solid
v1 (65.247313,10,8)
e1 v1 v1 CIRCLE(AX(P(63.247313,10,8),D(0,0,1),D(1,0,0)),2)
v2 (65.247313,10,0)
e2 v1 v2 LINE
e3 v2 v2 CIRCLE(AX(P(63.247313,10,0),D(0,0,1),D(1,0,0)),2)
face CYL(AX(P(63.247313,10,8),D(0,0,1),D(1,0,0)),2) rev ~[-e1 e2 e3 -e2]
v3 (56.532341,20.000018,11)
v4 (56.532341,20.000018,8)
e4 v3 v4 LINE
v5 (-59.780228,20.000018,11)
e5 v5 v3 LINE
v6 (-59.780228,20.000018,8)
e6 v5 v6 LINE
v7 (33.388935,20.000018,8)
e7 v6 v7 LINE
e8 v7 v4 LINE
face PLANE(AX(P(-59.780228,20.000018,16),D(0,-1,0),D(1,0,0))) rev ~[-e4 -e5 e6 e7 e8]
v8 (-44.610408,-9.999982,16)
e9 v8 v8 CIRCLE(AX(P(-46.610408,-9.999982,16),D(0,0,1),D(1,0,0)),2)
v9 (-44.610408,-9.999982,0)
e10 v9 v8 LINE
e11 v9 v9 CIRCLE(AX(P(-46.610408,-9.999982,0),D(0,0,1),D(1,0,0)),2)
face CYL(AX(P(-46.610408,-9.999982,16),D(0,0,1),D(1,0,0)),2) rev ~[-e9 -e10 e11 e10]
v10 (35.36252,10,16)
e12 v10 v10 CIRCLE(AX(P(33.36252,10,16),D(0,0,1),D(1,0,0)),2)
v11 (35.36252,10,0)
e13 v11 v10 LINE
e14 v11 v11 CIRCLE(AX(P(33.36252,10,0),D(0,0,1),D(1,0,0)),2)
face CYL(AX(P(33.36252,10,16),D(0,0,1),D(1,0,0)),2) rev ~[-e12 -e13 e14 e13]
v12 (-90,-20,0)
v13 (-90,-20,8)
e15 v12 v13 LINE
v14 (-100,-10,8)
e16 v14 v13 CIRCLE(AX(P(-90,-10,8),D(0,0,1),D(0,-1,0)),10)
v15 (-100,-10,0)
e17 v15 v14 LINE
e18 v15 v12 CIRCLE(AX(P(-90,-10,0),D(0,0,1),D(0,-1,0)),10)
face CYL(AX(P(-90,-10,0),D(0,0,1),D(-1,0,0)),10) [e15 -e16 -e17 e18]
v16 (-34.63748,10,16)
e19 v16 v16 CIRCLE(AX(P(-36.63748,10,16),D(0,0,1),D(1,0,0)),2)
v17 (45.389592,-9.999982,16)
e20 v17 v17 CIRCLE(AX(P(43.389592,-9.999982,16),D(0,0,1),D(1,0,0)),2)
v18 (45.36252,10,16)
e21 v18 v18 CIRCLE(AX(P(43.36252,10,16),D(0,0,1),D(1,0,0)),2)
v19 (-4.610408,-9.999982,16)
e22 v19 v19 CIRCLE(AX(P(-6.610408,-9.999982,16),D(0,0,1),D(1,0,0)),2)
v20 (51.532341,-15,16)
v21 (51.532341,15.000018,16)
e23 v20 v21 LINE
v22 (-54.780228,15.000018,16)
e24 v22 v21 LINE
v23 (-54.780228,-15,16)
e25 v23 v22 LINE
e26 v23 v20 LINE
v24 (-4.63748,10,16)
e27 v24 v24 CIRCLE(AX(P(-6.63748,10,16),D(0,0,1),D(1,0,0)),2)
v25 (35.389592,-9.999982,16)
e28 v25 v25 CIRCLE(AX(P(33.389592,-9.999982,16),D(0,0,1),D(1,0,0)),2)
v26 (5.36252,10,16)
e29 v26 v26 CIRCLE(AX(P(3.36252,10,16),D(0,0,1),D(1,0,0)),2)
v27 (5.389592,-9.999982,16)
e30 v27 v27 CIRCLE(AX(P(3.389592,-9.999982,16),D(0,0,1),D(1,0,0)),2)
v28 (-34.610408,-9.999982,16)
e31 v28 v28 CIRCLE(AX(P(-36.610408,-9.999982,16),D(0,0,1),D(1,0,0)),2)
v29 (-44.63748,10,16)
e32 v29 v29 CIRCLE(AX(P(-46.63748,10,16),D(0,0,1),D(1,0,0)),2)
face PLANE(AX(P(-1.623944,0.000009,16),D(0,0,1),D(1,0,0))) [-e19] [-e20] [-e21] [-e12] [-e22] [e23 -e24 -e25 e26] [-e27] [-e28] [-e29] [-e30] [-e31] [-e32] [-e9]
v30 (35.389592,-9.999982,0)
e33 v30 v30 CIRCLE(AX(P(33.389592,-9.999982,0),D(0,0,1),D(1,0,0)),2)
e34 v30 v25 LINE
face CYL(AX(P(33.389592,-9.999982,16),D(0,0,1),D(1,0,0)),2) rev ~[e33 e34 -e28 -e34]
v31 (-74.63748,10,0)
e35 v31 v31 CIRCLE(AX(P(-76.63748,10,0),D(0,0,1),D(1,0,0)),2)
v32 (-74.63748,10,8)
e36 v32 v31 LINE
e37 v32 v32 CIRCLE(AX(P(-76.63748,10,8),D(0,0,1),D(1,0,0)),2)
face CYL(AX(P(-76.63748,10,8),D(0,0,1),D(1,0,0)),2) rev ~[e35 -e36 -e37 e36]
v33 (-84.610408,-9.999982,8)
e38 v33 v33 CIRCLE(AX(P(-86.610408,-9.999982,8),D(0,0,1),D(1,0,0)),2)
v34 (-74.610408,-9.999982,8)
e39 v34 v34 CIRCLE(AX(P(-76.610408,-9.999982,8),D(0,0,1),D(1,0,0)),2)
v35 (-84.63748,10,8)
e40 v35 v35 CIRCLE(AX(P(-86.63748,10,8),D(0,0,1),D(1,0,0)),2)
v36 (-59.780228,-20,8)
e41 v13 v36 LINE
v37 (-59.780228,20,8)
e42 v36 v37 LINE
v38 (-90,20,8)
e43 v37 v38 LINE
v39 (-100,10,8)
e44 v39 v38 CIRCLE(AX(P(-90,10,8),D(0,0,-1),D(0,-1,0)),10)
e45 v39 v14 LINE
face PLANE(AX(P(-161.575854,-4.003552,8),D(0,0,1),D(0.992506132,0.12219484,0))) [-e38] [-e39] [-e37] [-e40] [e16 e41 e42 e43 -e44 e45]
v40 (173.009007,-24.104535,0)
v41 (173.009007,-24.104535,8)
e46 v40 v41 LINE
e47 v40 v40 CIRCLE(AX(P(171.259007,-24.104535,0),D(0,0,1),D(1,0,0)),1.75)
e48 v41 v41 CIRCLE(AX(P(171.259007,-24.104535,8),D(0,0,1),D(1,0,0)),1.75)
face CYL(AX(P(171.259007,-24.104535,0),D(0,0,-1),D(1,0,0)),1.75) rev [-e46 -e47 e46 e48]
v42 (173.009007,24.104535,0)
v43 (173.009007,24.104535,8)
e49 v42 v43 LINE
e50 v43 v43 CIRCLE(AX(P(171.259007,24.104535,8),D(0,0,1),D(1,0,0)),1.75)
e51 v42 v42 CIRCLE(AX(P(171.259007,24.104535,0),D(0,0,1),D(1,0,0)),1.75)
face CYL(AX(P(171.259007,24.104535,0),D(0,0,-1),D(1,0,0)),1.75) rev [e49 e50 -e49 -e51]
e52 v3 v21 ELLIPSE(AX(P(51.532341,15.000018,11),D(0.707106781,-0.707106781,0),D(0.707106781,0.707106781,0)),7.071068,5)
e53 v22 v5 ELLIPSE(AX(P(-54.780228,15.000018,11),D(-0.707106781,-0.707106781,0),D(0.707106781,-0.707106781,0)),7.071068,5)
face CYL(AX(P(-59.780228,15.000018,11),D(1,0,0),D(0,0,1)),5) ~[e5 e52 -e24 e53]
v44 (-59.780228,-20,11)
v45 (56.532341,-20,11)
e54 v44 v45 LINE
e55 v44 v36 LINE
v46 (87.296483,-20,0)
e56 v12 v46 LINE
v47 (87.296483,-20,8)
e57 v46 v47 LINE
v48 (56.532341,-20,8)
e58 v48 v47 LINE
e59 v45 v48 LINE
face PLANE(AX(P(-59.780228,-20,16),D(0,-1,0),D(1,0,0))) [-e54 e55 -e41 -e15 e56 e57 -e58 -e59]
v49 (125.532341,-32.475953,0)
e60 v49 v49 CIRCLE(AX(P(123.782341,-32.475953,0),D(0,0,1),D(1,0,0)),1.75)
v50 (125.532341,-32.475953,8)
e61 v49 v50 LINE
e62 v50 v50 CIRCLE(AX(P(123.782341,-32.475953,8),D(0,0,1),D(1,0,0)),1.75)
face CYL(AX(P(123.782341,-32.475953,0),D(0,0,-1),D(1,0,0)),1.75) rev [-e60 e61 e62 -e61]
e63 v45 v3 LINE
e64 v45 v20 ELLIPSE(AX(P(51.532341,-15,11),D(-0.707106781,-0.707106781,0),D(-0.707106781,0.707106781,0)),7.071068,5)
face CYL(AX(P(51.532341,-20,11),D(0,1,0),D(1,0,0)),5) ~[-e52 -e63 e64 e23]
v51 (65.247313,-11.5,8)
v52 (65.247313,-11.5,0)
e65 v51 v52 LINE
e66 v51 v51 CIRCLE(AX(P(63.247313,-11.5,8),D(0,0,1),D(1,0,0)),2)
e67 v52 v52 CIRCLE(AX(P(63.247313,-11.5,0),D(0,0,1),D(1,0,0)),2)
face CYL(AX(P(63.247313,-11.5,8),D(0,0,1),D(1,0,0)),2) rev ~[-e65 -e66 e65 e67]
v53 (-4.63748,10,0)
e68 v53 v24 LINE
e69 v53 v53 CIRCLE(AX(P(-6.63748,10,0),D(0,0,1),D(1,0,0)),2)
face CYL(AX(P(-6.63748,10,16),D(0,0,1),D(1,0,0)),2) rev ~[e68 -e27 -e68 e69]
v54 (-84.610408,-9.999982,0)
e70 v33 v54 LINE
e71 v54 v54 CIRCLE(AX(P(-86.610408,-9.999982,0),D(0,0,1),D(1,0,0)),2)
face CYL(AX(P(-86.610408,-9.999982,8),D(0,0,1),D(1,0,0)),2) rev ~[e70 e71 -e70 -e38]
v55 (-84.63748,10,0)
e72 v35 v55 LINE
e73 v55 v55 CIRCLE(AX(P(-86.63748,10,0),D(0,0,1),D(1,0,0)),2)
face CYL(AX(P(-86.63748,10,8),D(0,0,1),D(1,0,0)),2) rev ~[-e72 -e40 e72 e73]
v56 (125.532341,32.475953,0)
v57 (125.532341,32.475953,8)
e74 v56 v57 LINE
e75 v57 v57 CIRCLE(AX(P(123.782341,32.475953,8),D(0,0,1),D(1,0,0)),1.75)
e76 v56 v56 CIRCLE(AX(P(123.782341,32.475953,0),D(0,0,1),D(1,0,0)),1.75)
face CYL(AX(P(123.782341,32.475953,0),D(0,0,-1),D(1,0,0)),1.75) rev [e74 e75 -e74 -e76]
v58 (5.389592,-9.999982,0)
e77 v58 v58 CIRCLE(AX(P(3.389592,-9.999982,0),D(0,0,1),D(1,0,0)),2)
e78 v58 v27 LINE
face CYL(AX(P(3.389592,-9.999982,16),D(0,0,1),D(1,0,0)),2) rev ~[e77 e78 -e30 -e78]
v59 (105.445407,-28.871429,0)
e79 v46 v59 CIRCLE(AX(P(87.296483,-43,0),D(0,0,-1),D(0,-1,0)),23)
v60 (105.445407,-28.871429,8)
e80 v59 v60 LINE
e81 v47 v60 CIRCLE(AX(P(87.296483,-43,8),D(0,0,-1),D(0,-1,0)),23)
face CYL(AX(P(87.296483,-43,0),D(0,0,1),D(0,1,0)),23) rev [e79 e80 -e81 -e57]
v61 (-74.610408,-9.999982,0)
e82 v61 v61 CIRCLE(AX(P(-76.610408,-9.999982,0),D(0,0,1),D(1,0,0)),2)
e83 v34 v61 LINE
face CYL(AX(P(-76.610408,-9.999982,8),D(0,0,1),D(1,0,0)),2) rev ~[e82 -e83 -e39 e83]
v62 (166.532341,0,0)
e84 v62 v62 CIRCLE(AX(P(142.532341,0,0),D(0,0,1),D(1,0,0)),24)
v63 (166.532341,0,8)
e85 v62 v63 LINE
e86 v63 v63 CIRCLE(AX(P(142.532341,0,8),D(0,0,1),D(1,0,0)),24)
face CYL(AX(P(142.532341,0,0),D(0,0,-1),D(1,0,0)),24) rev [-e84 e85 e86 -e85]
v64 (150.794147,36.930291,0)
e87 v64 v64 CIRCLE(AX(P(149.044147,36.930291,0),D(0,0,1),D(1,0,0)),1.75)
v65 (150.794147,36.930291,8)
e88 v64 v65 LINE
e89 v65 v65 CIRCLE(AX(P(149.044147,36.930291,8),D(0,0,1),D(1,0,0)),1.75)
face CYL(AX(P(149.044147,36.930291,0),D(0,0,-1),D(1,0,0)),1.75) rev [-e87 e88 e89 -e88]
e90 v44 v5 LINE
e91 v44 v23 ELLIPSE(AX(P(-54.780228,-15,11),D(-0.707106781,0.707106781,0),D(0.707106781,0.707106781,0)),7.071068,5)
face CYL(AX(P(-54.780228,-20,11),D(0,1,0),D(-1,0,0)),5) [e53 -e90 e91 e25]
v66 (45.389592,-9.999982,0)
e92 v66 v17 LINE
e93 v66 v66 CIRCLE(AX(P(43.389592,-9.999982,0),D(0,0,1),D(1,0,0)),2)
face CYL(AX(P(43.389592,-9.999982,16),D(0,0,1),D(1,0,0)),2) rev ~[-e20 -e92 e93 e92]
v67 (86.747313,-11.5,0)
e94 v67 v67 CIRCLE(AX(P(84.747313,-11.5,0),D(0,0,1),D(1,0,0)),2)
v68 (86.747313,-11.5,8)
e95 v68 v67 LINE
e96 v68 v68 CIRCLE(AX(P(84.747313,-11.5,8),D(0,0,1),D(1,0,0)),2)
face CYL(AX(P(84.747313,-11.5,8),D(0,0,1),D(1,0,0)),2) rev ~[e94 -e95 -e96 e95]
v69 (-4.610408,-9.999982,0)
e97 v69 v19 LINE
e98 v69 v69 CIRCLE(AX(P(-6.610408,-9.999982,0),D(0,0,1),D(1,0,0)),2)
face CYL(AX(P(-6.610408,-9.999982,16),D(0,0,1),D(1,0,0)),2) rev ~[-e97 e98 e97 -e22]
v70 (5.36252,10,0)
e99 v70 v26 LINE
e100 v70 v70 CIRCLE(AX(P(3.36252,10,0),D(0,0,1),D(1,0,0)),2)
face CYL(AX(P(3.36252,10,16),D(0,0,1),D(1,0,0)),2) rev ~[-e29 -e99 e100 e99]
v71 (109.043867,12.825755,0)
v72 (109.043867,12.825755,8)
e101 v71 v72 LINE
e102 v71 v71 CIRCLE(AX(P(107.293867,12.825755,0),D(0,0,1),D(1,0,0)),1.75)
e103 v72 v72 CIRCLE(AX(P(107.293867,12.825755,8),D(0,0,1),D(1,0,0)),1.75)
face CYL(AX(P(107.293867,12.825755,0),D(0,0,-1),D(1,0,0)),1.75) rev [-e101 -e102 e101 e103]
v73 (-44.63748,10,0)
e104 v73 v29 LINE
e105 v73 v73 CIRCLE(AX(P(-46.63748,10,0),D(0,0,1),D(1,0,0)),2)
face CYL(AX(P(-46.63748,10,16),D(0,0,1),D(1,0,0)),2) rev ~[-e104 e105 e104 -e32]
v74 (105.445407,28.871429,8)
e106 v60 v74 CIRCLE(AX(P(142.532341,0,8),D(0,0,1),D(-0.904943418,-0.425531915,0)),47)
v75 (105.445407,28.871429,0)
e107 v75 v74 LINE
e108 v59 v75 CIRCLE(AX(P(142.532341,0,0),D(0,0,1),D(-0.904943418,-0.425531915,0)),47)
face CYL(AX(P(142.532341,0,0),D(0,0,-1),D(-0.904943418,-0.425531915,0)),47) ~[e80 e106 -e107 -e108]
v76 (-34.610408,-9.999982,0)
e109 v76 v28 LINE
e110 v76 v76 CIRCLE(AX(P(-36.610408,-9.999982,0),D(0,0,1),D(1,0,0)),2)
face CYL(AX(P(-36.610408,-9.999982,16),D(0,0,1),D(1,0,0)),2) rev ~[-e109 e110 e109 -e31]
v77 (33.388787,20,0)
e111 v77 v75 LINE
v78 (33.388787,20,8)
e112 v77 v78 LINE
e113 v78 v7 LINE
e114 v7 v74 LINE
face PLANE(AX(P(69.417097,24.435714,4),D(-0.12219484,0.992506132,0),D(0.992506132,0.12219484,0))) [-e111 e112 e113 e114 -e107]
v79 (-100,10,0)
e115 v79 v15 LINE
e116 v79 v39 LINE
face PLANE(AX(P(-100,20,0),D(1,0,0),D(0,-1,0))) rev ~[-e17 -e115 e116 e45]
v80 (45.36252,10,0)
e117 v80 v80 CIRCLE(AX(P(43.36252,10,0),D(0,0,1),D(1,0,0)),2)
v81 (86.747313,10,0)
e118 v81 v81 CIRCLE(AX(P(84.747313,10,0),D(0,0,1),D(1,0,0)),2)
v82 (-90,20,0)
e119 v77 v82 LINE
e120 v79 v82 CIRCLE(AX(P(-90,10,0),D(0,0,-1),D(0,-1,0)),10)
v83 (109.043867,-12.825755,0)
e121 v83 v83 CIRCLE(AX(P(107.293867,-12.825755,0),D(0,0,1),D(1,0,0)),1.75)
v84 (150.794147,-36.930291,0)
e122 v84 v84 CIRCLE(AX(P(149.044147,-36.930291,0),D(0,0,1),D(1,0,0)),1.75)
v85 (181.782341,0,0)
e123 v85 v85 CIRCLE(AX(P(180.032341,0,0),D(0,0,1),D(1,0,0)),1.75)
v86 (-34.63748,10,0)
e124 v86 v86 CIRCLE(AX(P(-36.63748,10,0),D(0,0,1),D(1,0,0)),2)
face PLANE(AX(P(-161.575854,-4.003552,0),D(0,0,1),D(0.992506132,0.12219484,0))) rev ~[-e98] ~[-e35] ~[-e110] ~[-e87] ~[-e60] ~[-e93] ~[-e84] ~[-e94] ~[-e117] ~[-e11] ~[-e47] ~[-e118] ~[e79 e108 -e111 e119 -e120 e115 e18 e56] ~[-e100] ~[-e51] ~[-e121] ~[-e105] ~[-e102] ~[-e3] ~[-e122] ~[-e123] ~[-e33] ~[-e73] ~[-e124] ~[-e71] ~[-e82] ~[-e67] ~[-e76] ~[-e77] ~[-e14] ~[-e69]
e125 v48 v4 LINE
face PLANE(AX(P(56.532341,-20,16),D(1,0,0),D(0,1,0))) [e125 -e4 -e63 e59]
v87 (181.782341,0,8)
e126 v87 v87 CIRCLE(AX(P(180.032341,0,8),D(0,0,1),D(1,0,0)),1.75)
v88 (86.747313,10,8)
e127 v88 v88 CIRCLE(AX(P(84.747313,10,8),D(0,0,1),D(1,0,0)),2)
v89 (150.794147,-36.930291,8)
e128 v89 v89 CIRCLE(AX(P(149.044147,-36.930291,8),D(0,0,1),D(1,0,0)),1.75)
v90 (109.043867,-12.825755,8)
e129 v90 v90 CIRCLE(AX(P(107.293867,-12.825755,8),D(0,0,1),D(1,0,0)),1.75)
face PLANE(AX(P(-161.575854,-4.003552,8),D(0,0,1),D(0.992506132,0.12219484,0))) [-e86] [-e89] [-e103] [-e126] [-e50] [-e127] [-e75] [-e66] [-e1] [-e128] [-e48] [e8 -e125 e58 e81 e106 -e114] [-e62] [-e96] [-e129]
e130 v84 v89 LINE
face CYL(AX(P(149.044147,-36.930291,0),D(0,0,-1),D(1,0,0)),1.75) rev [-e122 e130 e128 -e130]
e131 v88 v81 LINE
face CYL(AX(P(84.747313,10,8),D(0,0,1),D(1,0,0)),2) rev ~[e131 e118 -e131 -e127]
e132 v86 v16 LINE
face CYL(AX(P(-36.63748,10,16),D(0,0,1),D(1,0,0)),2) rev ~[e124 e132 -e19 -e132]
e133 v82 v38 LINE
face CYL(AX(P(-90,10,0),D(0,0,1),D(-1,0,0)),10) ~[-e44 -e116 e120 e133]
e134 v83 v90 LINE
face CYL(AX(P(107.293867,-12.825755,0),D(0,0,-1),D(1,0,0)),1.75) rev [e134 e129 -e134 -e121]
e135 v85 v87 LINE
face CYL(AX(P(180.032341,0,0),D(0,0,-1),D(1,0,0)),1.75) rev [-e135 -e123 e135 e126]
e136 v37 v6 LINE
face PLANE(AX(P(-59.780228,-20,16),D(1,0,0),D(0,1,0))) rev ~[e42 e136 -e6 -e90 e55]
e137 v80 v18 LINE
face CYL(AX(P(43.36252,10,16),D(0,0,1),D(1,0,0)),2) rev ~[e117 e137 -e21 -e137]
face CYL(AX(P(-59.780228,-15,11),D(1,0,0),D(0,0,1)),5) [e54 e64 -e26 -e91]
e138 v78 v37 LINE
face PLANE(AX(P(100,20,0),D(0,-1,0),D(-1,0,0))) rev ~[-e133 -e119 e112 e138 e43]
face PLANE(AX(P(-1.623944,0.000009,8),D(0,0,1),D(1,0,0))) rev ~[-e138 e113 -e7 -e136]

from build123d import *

# Parameters (mm, degrees)
SKETCH_1_R          = 24
SKETCH_1_R_2        = 1.75
EXTRUDE_1_DEPTH     = 8
FILLET_1_R          = 10
FILLET_3_R          = 10
FILLET_8_R          = 23
FILLET_9_R          = 23
SKETCH_3_R          = 2
CUT_EXTRUDE_1_DEPTH = 196.43671136
RIB_1_REACH         = 197.437
SKETCH_6_WALL_W     = 465.474103638
SKETCH_6_WALL_H     = 8
EXTRUDE_START       = 8
SKETCH_11_W         = 116.312569084
SKETCH_11_H         = 40.000018321
SKETCH_11_R         = 2
EXTRUDE_2_DEPTH     = 8
FILLET_11_R         = 5


with BuildPart() as part:
    # 草图1 → 凸台-拉伸1 (new body)
    with BuildSketch(Plane.XY):
        with BuildLine():
            Line((-100, -20), (100, -20))
            ThreePointArc((100, -20), (189.532340636, 0), (100, 20))
            Line((100, 20), (-100, 20))
            Line((-100, 20), (-100, -20))
        make_face()
        with Locations((142.532340636, 0)):
            Circle(SKETCH_1_R, mode=Mode.SUBTRACT)
        with Locations((123.782340636, 32.475952642)):
            Circle(SKETCH_1_R_2, mode=Mode.SUBTRACT)
        with Locations((107.293867357, 12.825755375)):
            Circle(SKETCH_1_R_2, mode=Mode.SUBTRACT)
        with Locations((107.293867357, -12.825755375)):
            Circle(SKETCH_1_R_2, mode=Mode.SUBTRACT)
        with Locations((123.782340636, -32.475952642)):
            Circle(SKETCH_1_R_2, mode=Mode.SUBTRACT)
        with Locations((149.044147299, -36.930290738)):
            Circle(SKETCH_1_R_2, mode=Mode.SUBTRACT)
        with Locations((171.259007253, -24.104535363)):
            Circle(SKETCH_1_R_2, mode=Mode.SUBTRACT)
        with Locations((180.032340636, 0)):
            Circle(SKETCH_1_R_2, mode=Mode.SUBTRACT)
        with Locations((171.259007253, 24.104535363)):
            Circle(SKETCH_1_R_2, mode=Mode.SUBTRACT)
        with Locations((149.044147299, 36.930290738)):
            Circle(SKETCH_1_R_2, mode=Mode.SUBTRACT)
    extrude(amount=EXTRUDE_1_DEPTH)

    # 圆角1
    fillet_1_edges = [part.edges().sort_by_distance(p)[0] for p in [
        (-100, 20, 4),
    ]]
    fillet(fillet_1_edges, radius=FILLET_1_R)

    # 圆角3
    fillet_3_edges = [part.edges().sort_by_distance(p)[0] for p in [
        (-100, -20, 4),
    ]]
    fillet(fillet_3_edges, radius=FILLET_3_R)

    # 圆角8
    fillet_8_edges = [part.edges().sort_by_distance(p)[0] for p in [
        (100, -20, 4),
    ]]
    fillet(fillet_8_edges, radius=FILLET_8_R)

    # 圆角9
    fillet_9_edges = [part.edges().sort_by_distance(p)[0] for p in [
        (100, 20, 4),
    ]]
    fillet(fillet_9_edges, radius=FILLET_9_R)

    # 草图3 → 切除-拉伸1 (cut, through all)
    with BuildSketch(Plane.XY.offset(8)):
        with Locations((-86.637479545, 10)):
            Circle(SKETCH_3_R)
        with Locations((-86.610408267, -9.999981679)):
            Circle(SKETCH_3_R)
        with Locations((-76.637479545, 10)):
            Circle(SKETCH_3_R)
        with Locations((-76.610408267, -9.999981679)):
            Circle(SKETCH_3_R)
        with Locations((-46.637479545, 10)):
            Circle(SKETCH_3_R)
        with Locations((-46.610408267, -9.999981679)):
            Circle(SKETCH_3_R)
        with Locations((-36.637479545, 10)):
            Circle(SKETCH_3_R)
        with Locations((-36.610408267, -9.999981679)):
            Circle(SKETCH_3_R)
        with Locations((-6.637479545, 10)):
            Circle(SKETCH_3_R)
        with Locations((-6.610408267, -9.999981679)):
            Circle(SKETCH_3_R)
        with Locations((3.362520455, 10)):
            Circle(SKETCH_3_R)
        with Locations((3.389591733, -9.999981679)):
            Circle(SKETCH_3_R)
        with Locations((33.362520455, 10)):
            Circle(SKETCH_3_R)
        with Locations((33.389591733, -9.999981679)):
            Circle(SKETCH_3_R)
        with Locations((43.362520455, 10)):
            Circle(SKETCH_3_R)
        with Locations((43.389591733, -9.999981679)):
            Circle(SKETCH_3_R)
        with Locations((63.247313172, 10)):
            Circle(SKETCH_3_R)
        with Locations((84.747313172, 10)):
            Circle(SKETCH_3_R)
        with Locations((84.747313172, -11.5)):
            Circle(SKETCH_3_R)
        with Locations((63.247313172, -11.5)):
            Circle(SKETCH_3_R)
    extrude(amount=-CUT_EXTRUDE_1_DEPTH, mode=Mode.SUBTRACT)

    # 草图6 wall → 筋1 (add, up to next)
    with BuildSketch(Plane(origin=(69.41709698, 24.435714285, 8), x_dir=(0.992506131536, 0.122194839758, 0), z_dir=(-0.122194839758, 0.992506131536, 0)), mode=Mode.PRIVATE) as rib_1_sk1:
        with Locations((0, 4)):
            Rectangle(SKETCH_6_WALL_W, SKETCH_6_WALL_H)
    rib_1_tool1 = extrude(rib_1_sk1.sketch, amount=-RIB_1_REACH, mode=Mode.PRIVATE) - part.part
    add(rib_1_tool1.solids().sort_by_distance((69.41709698, 24.435714285, 8))[0])

    # 草图11 → 凸台-拉伸2 (add)
    with BuildSketch(Plane.XY.offset(8).offset(EXTRUDE_START)):
        with Locations((-1.623943906, 9.161e-06)):
            Rectangle(SKETCH_11_W, SKETCH_11_H)
        with Locations((-46.637479545, 10)):
            Circle(SKETCH_11_R, mode=Mode.SUBTRACT)
        with Locations((-36.637479545, 10)):
            Circle(SKETCH_11_R, mode=Mode.SUBTRACT)
        with Locations((-36.610408267, -9.999981679)):
            Circle(SKETCH_11_R, mode=Mode.SUBTRACT)
        with Locations((-46.610408267, -9.999981679)):
            Circle(SKETCH_11_R, mode=Mode.SUBTRACT)
        with Locations((-6.637479545, 10)):
            Circle(SKETCH_11_R, mode=Mode.SUBTRACT)
        with Locations((-6.610408267, -9.999981679)):
            Circle(SKETCH_11_R, mode=Mode.SUBTRACT)
        with Locations((3.389591733, -9.999981679)):
            Circle(SKETCH_11_R, mode=Mode.SUBTRACT)
        with Locations((3.362520455, 10)):
            Circle(SKETCH_11_R, mode=Mode.SUBTRACT)
        with Locations((33.362520455, 10)):
            Circle(SKETCH_11_R, mode=Mode.SUBTRACT)
        with Locations((43.362520455, 10)):
            Circle(SKETCH_11_R, mode=Mode.SUBTRACT)
        with Locations((43.389591733, -9.999981679)):
            Circle(SKETCH_11_R, mode=Mode.SUBTRACT)
        with Locations((33.389591733, -9.999981679)):
            Circle(SKETCH_11_R, mode=Mode.SUBTRACT)
    extrude(amount=-EXTRUDE_2_DEPTH)

    # 圆角11
    fillet_11_edges = [part.edges().sort_by_distance(p)[0] for p in [
        (56.532340636, 9.161e-06, 16),
        (-1.623943906, 20.000018321, 16),
        (-59.780228448, 9.161e-06, 16),
        (-1.623943906, -20, 16),
    ]]
    fillet(fillet_11_edges, radius=FILLET_11_R)


solid = part.part
